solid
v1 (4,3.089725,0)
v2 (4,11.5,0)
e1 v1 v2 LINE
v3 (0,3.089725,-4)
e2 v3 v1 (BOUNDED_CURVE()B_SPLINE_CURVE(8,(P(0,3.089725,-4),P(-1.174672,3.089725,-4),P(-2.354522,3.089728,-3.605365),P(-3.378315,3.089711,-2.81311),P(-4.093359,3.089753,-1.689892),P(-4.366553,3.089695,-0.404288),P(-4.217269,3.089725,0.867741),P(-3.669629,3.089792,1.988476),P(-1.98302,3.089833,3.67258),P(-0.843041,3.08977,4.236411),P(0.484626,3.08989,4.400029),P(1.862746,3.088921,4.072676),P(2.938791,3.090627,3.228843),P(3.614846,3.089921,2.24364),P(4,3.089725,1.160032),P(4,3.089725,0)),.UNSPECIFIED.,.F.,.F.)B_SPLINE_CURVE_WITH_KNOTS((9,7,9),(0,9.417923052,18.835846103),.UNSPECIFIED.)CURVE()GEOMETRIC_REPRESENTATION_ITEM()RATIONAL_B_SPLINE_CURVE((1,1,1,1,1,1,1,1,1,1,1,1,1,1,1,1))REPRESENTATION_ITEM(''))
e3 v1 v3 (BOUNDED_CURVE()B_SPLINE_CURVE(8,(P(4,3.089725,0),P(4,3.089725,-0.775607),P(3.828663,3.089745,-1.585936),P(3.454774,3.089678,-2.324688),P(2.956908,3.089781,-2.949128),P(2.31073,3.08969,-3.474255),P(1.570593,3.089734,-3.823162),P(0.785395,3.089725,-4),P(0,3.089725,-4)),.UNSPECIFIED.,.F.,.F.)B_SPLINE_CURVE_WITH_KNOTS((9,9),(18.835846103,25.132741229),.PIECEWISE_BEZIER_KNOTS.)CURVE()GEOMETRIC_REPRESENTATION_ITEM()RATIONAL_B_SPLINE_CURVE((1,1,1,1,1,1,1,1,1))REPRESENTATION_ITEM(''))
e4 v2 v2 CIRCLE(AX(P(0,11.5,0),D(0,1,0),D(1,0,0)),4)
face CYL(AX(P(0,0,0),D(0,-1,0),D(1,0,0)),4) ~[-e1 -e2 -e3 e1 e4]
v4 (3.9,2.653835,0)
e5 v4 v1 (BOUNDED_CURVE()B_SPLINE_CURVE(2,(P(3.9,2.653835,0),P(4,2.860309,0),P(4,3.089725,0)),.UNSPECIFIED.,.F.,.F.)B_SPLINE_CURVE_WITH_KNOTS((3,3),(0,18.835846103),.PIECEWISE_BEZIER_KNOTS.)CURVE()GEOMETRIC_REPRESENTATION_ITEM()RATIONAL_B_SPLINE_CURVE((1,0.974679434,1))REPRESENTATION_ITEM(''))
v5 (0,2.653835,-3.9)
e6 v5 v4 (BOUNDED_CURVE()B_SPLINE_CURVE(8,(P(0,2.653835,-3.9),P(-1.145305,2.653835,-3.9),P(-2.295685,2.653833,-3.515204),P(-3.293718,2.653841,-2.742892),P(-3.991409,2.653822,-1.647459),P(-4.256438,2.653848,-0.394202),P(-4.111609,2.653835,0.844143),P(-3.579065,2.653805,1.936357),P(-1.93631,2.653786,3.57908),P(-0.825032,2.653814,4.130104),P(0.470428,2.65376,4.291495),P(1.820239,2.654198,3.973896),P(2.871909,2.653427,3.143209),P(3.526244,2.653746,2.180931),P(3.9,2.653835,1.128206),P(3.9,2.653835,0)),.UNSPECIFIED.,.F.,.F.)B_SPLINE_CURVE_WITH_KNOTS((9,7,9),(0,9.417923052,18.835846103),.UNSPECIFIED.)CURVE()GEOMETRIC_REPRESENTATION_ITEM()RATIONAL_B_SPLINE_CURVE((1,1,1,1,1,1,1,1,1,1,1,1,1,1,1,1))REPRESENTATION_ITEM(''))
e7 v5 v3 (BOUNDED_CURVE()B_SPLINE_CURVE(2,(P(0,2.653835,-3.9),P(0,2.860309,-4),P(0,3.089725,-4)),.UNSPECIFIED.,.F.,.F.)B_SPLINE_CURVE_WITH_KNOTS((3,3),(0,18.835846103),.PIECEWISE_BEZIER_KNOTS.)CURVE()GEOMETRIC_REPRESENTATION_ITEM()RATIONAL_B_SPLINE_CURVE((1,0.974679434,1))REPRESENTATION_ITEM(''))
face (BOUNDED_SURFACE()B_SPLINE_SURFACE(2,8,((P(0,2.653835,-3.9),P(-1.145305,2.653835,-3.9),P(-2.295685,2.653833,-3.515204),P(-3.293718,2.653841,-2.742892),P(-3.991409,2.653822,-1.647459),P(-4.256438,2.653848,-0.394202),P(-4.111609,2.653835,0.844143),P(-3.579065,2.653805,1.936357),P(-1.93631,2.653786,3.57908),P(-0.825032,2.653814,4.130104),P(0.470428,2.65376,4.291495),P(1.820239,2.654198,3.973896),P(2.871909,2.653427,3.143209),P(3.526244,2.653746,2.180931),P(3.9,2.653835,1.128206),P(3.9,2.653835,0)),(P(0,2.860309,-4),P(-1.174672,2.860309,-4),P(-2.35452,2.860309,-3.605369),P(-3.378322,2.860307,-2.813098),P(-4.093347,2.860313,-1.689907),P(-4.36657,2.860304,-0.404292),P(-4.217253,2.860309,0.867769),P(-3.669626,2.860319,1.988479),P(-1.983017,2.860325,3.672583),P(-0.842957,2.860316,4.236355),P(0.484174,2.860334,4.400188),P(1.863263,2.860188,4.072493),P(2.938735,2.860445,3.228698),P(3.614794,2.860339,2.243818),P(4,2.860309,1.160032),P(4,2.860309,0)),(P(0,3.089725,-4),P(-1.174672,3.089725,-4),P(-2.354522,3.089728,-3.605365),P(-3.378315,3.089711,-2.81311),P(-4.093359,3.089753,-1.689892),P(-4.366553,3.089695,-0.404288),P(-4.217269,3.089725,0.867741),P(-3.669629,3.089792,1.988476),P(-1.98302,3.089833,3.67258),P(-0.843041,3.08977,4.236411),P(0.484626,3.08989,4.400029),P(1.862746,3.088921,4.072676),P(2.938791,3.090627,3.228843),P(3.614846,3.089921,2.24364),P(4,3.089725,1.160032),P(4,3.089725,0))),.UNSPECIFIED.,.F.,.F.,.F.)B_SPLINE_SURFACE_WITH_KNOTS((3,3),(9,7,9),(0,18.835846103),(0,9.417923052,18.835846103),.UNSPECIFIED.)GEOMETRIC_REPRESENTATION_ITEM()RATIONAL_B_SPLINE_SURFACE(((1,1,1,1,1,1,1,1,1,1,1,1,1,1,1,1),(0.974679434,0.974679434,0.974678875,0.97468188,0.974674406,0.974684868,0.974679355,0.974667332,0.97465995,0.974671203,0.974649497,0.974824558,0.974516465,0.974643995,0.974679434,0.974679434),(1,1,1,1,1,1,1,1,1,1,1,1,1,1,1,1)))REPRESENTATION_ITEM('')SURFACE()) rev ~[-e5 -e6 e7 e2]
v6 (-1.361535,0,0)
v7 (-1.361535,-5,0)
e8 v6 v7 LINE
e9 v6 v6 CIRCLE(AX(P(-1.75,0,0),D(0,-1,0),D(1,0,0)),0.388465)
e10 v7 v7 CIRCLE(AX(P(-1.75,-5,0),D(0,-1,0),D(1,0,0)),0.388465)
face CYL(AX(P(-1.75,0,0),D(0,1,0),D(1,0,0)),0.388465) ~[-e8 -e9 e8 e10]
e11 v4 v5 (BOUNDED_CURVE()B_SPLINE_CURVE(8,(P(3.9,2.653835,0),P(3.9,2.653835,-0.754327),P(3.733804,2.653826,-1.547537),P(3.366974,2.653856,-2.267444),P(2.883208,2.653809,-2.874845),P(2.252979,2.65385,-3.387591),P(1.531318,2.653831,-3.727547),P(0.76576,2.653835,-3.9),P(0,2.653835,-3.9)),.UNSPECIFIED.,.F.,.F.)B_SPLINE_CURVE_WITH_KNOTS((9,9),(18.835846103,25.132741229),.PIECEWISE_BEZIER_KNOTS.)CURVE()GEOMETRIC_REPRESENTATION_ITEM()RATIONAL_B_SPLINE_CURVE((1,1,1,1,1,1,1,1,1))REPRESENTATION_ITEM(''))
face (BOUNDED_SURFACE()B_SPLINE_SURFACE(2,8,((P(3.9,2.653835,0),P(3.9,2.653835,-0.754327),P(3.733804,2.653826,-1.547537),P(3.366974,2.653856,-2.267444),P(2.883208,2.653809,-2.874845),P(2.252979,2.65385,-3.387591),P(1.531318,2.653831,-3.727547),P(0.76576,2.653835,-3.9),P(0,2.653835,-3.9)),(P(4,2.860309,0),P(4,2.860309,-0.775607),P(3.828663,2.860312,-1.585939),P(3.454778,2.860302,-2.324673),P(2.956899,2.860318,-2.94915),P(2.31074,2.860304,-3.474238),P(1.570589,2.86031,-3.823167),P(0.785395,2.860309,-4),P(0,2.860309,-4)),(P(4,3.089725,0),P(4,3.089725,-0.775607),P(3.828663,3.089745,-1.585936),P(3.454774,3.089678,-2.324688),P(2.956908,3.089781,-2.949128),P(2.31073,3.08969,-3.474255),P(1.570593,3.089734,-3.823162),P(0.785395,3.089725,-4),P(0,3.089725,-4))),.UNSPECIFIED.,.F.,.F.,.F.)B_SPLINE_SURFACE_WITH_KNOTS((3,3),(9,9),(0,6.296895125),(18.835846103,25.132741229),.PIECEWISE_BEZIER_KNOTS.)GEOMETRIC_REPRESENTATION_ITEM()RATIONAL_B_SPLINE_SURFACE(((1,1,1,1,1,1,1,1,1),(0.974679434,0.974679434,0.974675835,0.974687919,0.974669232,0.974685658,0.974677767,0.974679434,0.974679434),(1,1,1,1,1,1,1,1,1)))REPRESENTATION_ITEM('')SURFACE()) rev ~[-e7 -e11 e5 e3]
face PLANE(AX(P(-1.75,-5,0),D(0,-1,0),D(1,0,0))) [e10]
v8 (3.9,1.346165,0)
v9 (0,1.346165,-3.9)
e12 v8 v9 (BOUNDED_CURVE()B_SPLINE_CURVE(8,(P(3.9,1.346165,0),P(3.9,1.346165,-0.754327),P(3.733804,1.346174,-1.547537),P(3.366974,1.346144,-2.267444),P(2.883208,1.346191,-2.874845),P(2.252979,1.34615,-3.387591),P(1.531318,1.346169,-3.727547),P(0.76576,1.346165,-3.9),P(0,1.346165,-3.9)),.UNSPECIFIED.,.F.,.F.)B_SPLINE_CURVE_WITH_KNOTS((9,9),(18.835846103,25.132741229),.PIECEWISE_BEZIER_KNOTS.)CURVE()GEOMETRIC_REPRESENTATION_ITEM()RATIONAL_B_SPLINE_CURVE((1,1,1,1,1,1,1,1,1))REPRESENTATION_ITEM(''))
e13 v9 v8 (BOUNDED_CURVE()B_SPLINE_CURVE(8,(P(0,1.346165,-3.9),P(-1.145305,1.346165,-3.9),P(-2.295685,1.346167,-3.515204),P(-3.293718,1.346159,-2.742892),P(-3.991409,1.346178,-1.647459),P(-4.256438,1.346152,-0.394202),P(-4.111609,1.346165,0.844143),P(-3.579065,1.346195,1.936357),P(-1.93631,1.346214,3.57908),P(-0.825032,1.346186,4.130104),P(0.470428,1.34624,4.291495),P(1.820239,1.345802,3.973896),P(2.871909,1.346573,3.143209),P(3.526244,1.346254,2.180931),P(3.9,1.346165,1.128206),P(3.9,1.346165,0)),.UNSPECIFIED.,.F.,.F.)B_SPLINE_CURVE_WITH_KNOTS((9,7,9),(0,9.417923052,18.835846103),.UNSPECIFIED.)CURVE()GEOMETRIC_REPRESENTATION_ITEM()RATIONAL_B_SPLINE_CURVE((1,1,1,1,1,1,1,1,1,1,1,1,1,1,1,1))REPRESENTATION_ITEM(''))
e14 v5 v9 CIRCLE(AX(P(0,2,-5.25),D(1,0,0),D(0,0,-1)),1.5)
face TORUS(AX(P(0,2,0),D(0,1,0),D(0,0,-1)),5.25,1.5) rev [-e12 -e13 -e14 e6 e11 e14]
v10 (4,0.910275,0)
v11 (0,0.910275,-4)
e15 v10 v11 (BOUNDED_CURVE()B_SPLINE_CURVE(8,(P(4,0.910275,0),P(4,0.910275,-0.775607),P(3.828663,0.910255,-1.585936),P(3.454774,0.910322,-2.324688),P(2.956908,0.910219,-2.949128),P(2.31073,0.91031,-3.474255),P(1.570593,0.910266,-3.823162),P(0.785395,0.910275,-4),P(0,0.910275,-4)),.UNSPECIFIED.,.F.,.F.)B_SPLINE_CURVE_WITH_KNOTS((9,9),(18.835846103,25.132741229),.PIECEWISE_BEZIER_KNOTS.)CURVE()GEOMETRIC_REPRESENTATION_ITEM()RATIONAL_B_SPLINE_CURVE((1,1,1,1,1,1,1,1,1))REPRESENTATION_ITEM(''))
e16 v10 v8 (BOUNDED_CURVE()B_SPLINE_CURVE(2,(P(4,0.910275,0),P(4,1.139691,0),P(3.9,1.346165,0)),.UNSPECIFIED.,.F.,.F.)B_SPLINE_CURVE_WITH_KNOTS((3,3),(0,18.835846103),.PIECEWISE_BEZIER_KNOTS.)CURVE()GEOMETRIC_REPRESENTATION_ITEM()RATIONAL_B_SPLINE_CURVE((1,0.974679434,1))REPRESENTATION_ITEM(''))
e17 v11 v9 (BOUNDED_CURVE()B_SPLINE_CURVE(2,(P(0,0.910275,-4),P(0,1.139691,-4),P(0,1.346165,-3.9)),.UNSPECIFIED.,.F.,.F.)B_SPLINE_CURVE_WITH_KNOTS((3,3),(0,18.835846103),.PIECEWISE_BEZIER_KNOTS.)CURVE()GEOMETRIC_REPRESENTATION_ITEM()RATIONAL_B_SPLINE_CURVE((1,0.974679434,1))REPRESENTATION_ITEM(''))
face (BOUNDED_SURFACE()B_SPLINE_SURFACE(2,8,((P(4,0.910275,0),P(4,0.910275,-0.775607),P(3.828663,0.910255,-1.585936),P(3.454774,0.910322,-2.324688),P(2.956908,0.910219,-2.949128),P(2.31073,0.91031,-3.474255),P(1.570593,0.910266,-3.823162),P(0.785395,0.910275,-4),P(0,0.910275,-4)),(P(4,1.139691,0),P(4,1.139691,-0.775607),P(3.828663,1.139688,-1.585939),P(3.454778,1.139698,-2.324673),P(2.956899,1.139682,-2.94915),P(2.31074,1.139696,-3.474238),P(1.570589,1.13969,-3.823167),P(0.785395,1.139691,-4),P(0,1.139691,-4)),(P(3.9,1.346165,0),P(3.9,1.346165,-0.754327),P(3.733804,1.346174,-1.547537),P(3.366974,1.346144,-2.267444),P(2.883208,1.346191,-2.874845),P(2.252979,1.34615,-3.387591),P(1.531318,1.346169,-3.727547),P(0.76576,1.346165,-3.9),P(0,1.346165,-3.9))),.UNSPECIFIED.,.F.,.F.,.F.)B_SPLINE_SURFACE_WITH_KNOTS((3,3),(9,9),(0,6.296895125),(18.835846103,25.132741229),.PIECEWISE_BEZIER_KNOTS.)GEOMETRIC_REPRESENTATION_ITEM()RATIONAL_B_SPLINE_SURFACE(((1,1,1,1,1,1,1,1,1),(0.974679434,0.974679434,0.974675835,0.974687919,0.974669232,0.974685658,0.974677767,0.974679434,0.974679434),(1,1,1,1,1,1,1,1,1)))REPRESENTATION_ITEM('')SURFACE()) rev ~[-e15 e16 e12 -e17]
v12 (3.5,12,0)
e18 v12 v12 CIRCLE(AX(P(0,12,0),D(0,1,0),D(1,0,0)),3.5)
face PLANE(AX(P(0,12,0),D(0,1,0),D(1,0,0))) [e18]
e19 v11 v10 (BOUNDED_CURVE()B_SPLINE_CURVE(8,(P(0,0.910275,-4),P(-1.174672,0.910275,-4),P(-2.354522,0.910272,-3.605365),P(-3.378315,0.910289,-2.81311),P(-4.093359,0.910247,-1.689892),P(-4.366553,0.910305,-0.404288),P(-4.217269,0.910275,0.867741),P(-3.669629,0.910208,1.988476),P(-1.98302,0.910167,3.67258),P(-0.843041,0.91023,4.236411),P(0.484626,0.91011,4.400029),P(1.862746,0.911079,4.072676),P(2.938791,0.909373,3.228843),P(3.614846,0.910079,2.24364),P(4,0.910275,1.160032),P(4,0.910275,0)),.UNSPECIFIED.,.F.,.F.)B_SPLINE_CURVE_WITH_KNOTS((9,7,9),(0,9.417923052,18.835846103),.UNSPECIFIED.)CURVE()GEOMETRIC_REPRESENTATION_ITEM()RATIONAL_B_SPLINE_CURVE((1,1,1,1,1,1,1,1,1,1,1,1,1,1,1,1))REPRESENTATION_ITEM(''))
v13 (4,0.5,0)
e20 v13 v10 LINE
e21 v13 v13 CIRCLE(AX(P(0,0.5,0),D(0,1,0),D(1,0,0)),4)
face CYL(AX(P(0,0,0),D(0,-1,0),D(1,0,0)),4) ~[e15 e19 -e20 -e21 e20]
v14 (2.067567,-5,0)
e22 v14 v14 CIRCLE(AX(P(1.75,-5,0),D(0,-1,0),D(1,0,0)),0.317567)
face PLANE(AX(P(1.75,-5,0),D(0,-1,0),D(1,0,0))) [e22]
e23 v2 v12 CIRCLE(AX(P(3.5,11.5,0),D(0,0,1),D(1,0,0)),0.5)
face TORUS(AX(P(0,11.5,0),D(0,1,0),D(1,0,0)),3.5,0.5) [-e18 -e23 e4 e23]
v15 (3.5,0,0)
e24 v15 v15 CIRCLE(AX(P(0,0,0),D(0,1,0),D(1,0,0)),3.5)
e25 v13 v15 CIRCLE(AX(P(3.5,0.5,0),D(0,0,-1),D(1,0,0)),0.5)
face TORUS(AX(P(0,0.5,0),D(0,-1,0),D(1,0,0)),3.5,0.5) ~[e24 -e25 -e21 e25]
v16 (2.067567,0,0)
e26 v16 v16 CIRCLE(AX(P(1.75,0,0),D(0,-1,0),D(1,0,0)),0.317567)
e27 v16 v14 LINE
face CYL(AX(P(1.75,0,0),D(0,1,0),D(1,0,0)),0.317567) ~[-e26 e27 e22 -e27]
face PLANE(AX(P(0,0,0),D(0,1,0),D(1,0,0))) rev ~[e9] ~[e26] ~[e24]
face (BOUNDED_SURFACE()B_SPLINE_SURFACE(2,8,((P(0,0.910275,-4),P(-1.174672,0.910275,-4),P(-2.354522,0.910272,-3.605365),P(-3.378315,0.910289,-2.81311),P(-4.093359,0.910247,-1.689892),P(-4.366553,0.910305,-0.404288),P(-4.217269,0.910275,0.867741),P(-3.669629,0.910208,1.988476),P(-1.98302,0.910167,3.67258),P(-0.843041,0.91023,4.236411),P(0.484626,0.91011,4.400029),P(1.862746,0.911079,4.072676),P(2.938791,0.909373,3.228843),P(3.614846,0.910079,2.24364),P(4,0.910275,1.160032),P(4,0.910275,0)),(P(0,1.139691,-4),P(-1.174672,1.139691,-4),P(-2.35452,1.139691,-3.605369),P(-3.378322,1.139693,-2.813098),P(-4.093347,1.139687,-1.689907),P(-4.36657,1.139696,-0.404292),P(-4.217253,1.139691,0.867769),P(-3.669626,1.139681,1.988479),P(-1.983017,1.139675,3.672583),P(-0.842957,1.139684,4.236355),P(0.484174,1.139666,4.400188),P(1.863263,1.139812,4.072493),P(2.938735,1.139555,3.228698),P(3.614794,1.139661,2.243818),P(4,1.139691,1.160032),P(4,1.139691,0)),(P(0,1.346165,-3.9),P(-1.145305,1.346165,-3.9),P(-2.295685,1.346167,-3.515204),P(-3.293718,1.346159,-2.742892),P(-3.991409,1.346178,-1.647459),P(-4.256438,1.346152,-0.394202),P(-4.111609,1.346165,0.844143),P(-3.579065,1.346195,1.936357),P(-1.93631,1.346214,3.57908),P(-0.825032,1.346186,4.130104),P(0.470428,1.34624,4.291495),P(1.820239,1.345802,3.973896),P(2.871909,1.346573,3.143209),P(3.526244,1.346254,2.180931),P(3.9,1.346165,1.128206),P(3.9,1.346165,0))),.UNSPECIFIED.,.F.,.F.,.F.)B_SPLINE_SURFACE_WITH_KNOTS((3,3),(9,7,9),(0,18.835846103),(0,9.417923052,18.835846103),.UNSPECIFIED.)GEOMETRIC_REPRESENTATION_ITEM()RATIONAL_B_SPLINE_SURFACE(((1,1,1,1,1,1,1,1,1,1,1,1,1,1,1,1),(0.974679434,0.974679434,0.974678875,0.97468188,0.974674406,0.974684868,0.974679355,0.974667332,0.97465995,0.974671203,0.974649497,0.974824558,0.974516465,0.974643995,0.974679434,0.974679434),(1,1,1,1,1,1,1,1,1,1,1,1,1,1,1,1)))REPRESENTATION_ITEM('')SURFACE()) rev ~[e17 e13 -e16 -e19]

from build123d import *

# Parameters (mm, degrees)
SKETCH1_R           = 4
BOSS_EXTRUDE1_DEPTH = 12
SKETCH2_R           = 0.317566637
SKETCH2_R_2         = 0.388464661
BOSS_EXTRUDE2_DEPTH = 5
SKETCH3_R           = 1.5
FILLET1_R           = 1
FILLET2_R           = 0.5
FILLET3_R           = 0.5


with BuildPart() as part:
    # Sketch1 → Boss-Extrude1 (new body)
    with BuildSketch(Plane(origin=(0, 0, 0), x_dir=(1, 0, 0), z_dir=(0, 1, 0))):
        Circle(SKETCH1_R)
    extrude(amount=BOSS_EXTRUDE1_DEPTH)

    # Sketch2 → Boss-Extrude2 (add)
    with BuildSketch(Plane.XZ):
        with Locations((1.75, 0)):
            Circle(SKETCH2_R)
        with Locations((-1.75, 0)):
            Circle(SKETCH2_R_2)
    extrude(amount=BOSS_EXTRUDE2_DEPTH)

    # Sketch3 → Cut-Revolve1 (revolve, cut)
    with BuildSketch(Plane(origin=(0, 0, 0), x_dir=(0, 0, -1), z_dir=(1, 0, 0))):
        with Locations((5.25, 2)):
            Circle(SKETCH3_R)
    revolve(axis=Axis((0, 22.78154861, 0), (0, -1, 0)), mode=Mode.SUBTRACT)

    # Fillet1
    fillet1_edges = [part.edges().sort_by_distance(p)[0] for p in [
        (-2.828427125, 2.829156198, 2.828427125),
        (-2.828427125, 1.170843802, 2.828427125),
    ]]
    fillet(fillet1_edges, radius=FILLET1_R)

    # Fillet2
    fillet2_edges = [part.edges().sort_by_distance(p)[0] for p in [
        (-4, 12, 0),
    ]]
    fillet(fillet2_edges, radius=FILLET2_R)

    # Fillet3
    fillet3_edges = [part.edges().sort_by_distance(p)[0] for p in [
        (-4, 0, 0),
    ]]
    fillet(fillet3_edges, radius=FILLET3_R)


solid = part.part
